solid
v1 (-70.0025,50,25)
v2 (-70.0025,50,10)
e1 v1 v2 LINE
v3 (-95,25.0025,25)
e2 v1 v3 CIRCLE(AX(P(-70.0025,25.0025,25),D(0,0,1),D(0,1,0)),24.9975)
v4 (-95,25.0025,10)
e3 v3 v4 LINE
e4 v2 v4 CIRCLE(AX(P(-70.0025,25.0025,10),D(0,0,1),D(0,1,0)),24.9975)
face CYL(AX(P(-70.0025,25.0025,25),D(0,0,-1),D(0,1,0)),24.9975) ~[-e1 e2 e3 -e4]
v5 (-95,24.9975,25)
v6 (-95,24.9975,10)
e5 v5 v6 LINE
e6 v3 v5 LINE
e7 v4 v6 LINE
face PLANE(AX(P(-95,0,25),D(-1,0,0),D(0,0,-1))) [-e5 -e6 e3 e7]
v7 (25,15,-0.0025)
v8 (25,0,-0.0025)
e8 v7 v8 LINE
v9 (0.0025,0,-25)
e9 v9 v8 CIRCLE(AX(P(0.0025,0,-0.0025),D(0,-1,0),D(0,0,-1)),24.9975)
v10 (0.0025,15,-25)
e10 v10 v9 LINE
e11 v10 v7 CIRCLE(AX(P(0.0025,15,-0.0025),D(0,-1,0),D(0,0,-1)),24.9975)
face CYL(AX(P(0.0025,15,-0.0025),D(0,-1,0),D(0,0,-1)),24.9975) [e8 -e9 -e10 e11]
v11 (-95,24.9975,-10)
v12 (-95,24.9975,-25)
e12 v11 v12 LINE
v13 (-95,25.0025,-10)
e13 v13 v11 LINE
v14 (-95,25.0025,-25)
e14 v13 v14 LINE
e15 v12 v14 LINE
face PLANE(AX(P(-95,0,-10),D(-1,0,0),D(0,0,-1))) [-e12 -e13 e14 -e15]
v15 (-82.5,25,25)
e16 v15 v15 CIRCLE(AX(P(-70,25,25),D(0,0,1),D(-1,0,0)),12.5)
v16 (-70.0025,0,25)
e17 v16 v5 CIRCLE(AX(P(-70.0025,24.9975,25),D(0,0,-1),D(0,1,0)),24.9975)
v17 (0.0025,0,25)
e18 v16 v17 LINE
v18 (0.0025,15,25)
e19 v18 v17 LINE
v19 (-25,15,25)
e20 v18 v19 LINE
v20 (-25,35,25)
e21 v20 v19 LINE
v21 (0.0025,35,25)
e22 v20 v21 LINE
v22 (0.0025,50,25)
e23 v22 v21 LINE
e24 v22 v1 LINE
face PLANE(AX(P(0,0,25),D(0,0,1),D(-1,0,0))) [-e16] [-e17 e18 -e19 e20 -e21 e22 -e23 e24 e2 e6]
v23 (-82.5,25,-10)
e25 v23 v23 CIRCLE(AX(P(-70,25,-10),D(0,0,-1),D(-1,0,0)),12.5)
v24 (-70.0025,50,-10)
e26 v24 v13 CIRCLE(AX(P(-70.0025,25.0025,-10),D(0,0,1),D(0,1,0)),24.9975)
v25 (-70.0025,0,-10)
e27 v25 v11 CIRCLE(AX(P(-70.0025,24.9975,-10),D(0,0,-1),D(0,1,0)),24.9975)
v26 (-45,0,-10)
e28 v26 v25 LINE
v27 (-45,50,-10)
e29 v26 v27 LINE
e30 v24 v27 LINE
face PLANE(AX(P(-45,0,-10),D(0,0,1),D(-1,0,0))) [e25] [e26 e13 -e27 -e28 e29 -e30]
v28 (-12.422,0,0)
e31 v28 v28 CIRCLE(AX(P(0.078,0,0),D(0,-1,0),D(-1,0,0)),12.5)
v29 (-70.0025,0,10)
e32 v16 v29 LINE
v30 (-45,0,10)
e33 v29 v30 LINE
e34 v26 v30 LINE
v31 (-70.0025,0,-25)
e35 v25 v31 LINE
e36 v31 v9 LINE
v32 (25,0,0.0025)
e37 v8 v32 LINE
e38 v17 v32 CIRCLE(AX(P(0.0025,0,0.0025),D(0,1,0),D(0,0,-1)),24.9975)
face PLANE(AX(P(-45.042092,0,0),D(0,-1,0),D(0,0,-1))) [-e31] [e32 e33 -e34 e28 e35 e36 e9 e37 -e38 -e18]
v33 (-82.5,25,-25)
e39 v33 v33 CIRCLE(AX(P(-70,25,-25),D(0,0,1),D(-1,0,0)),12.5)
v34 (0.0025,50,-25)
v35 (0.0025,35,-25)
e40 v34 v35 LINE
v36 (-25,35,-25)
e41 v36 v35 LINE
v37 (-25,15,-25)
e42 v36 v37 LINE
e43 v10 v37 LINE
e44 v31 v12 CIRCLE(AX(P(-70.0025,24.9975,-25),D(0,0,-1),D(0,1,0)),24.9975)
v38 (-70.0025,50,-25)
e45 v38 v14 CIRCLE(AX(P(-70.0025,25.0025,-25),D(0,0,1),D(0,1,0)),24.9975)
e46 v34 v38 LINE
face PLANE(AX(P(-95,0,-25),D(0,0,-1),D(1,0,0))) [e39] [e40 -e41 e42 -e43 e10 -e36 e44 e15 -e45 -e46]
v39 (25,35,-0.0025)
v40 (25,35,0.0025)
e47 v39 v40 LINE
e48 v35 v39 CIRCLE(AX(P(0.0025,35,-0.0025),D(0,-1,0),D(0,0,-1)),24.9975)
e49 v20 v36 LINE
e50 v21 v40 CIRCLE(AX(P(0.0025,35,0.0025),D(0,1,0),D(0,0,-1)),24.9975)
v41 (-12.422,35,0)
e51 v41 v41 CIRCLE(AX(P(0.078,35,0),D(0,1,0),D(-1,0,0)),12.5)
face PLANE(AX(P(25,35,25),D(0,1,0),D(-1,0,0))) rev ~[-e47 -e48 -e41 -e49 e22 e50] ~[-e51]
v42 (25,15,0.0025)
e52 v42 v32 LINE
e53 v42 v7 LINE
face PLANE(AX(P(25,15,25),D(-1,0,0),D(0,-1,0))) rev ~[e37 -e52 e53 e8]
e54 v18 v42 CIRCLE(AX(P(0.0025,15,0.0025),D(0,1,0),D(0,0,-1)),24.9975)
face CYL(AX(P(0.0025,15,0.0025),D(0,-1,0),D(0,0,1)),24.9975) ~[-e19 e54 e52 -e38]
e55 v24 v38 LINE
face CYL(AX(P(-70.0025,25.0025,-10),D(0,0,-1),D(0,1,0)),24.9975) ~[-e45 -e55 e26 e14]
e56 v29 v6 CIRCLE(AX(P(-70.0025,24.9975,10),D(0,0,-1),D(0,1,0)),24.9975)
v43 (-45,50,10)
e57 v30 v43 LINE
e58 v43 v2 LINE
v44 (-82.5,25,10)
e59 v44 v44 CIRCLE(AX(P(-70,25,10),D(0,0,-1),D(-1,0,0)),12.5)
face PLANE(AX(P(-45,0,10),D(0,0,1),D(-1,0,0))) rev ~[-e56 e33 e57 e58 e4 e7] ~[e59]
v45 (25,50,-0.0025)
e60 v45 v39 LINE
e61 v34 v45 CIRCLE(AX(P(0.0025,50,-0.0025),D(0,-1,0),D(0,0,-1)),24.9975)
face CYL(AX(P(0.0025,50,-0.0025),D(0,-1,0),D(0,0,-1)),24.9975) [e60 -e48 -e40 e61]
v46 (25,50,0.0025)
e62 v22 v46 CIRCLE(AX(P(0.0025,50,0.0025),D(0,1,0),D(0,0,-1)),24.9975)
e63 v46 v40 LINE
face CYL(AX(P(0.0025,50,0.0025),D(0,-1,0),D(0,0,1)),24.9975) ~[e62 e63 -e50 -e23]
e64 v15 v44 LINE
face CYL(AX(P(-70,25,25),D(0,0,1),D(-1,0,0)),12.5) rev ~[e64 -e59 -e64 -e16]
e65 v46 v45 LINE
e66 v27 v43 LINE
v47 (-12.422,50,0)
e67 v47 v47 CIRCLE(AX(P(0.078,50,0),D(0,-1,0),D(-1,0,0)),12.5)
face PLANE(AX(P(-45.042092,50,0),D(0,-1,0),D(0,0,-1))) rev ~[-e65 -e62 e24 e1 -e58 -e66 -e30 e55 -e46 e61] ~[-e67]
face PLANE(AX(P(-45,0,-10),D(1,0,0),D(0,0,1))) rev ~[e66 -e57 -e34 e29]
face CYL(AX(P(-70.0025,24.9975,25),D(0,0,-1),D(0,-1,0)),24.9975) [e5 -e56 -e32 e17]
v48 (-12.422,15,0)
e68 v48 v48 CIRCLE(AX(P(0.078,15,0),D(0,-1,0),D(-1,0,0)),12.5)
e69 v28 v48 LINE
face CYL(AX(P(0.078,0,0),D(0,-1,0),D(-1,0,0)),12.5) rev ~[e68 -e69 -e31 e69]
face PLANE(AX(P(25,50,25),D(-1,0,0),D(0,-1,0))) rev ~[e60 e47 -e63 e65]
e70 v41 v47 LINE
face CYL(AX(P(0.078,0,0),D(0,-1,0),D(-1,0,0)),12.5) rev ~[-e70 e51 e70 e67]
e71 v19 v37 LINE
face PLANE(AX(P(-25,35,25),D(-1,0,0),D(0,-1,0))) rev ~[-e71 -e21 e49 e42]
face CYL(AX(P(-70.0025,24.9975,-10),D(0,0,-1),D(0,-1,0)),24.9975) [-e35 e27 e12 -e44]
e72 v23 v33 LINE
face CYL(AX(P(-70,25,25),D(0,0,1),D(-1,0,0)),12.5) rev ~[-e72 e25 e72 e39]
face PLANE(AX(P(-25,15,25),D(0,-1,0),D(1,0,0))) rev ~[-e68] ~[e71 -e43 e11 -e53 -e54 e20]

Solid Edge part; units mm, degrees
sketch "Sketch1" plane through (0, 0, 0) normal (0, -1, 0) x (1, 0, 0)
  line L0 (0, 25) -> (-95, 25)
  line L1 (-95, 25) -> (-95, 10)
  line L2 (-95, 10) -> (-45, 10)
  line L3 (-45, 10) -> (-45, -10)
  line L4 (-45, -10) -> (-95, -10)
  line L5 (-95, -10) -> (-95, -25)
  line L6 (-95, -25) -> (0, -25)
  arc A0 (0, 25) -> (0, -25) centre (0, 0) cw
  circle A1 centre (0, 0) radius 12.5
extrude "Protrusion1" add sketch "Sketch1" against normal blind 50
sketch "Sketch2" plane through (-47.5, 25, 25) normal (0, 0, 1) x (1, 0, 0)
  line L0 (-22.5, 25) -> (72.5, 25)
  line L1 (72.5, 25) -> (72.5, 10)
  line L2 (72.5, 10) -> (22.5, 10)
  line L3 (22.5, 10) -> (22.5, -10)
  line L4 (22.5, -10) -> (72.5, -10)
  line L5 (72.5, -10) -> (72.5, -25)
  line L6 (72.5, -25) -> (-22.5, -25)
  arc A0 (-22.5, -25) -> (-22.5, 25) centre (-22.5, 0) cw
  circle A1 centre (-22.5, 0) radius 12.5
extrude "ExtrudedProtrusion_2" add sketch "Sketch2" against normal blind 50
fillet "Round_2" radius 25 8 edges at (25, 42.5, 25) (25, 7.5, 25) (25, 42.5, -25) (25, 7.5, -25) (-95, 50, 17.5) (-95, 50, -17.5) (-95, 0, 17.5) (-95, 0, -17.5)
sketch "Sketch3" plane through (-22.5, 0, 0) normal (0, -1, 0) x (-1, 0, 0)
  circle A0 centre (-22.578, 0) radius 12.5
extrude "ExtrudedCutout_1" cut sketch "Sketch3" against normal blind 50
sketch "Sketch4" plane through (-47.5, 25, 25) normal (0, 0, 1) x (-1, 0, 0)
  circle A0 centre (22.5, 0) radius 12.5
extrude "ExtrudedCutout_2" cut sketch "Sketch4" against normal blind 50
sketch "Sketch5" plane through (-47.5, 25, 25) normal (0, 0, 1) x (-1, 0, 0)
  line L0 (-22.5, 10) -> (-72.5, 10)
  line L1 (-72.5, 10) -> (-72.5, -10)
  line L2 (-72.5, -10) -> (-22.5, -10)
  line L3 (-22.5, -10) -> (-22.5, 10)
extrude "ExtrudedCutout_3" cut sketch "Sketch5" against normal blind 50
sketch "Sketch6" plane through (-22.5, 0, 0) normal (0, -1, 0) x (0, 0, -1)
  line L0 (-10, -72.5) -> (10, -72.5)
  line L1 (10, -72.5) -> (10, -22.5)
  line L2 (10, -22.5) -> (-10, -22.5)
  line L3 (-10, -22.5) -> (-10, -72.5)
extrude "ExtrudedCutout_4" cut sketch "Sketch6" against normal blind 50
